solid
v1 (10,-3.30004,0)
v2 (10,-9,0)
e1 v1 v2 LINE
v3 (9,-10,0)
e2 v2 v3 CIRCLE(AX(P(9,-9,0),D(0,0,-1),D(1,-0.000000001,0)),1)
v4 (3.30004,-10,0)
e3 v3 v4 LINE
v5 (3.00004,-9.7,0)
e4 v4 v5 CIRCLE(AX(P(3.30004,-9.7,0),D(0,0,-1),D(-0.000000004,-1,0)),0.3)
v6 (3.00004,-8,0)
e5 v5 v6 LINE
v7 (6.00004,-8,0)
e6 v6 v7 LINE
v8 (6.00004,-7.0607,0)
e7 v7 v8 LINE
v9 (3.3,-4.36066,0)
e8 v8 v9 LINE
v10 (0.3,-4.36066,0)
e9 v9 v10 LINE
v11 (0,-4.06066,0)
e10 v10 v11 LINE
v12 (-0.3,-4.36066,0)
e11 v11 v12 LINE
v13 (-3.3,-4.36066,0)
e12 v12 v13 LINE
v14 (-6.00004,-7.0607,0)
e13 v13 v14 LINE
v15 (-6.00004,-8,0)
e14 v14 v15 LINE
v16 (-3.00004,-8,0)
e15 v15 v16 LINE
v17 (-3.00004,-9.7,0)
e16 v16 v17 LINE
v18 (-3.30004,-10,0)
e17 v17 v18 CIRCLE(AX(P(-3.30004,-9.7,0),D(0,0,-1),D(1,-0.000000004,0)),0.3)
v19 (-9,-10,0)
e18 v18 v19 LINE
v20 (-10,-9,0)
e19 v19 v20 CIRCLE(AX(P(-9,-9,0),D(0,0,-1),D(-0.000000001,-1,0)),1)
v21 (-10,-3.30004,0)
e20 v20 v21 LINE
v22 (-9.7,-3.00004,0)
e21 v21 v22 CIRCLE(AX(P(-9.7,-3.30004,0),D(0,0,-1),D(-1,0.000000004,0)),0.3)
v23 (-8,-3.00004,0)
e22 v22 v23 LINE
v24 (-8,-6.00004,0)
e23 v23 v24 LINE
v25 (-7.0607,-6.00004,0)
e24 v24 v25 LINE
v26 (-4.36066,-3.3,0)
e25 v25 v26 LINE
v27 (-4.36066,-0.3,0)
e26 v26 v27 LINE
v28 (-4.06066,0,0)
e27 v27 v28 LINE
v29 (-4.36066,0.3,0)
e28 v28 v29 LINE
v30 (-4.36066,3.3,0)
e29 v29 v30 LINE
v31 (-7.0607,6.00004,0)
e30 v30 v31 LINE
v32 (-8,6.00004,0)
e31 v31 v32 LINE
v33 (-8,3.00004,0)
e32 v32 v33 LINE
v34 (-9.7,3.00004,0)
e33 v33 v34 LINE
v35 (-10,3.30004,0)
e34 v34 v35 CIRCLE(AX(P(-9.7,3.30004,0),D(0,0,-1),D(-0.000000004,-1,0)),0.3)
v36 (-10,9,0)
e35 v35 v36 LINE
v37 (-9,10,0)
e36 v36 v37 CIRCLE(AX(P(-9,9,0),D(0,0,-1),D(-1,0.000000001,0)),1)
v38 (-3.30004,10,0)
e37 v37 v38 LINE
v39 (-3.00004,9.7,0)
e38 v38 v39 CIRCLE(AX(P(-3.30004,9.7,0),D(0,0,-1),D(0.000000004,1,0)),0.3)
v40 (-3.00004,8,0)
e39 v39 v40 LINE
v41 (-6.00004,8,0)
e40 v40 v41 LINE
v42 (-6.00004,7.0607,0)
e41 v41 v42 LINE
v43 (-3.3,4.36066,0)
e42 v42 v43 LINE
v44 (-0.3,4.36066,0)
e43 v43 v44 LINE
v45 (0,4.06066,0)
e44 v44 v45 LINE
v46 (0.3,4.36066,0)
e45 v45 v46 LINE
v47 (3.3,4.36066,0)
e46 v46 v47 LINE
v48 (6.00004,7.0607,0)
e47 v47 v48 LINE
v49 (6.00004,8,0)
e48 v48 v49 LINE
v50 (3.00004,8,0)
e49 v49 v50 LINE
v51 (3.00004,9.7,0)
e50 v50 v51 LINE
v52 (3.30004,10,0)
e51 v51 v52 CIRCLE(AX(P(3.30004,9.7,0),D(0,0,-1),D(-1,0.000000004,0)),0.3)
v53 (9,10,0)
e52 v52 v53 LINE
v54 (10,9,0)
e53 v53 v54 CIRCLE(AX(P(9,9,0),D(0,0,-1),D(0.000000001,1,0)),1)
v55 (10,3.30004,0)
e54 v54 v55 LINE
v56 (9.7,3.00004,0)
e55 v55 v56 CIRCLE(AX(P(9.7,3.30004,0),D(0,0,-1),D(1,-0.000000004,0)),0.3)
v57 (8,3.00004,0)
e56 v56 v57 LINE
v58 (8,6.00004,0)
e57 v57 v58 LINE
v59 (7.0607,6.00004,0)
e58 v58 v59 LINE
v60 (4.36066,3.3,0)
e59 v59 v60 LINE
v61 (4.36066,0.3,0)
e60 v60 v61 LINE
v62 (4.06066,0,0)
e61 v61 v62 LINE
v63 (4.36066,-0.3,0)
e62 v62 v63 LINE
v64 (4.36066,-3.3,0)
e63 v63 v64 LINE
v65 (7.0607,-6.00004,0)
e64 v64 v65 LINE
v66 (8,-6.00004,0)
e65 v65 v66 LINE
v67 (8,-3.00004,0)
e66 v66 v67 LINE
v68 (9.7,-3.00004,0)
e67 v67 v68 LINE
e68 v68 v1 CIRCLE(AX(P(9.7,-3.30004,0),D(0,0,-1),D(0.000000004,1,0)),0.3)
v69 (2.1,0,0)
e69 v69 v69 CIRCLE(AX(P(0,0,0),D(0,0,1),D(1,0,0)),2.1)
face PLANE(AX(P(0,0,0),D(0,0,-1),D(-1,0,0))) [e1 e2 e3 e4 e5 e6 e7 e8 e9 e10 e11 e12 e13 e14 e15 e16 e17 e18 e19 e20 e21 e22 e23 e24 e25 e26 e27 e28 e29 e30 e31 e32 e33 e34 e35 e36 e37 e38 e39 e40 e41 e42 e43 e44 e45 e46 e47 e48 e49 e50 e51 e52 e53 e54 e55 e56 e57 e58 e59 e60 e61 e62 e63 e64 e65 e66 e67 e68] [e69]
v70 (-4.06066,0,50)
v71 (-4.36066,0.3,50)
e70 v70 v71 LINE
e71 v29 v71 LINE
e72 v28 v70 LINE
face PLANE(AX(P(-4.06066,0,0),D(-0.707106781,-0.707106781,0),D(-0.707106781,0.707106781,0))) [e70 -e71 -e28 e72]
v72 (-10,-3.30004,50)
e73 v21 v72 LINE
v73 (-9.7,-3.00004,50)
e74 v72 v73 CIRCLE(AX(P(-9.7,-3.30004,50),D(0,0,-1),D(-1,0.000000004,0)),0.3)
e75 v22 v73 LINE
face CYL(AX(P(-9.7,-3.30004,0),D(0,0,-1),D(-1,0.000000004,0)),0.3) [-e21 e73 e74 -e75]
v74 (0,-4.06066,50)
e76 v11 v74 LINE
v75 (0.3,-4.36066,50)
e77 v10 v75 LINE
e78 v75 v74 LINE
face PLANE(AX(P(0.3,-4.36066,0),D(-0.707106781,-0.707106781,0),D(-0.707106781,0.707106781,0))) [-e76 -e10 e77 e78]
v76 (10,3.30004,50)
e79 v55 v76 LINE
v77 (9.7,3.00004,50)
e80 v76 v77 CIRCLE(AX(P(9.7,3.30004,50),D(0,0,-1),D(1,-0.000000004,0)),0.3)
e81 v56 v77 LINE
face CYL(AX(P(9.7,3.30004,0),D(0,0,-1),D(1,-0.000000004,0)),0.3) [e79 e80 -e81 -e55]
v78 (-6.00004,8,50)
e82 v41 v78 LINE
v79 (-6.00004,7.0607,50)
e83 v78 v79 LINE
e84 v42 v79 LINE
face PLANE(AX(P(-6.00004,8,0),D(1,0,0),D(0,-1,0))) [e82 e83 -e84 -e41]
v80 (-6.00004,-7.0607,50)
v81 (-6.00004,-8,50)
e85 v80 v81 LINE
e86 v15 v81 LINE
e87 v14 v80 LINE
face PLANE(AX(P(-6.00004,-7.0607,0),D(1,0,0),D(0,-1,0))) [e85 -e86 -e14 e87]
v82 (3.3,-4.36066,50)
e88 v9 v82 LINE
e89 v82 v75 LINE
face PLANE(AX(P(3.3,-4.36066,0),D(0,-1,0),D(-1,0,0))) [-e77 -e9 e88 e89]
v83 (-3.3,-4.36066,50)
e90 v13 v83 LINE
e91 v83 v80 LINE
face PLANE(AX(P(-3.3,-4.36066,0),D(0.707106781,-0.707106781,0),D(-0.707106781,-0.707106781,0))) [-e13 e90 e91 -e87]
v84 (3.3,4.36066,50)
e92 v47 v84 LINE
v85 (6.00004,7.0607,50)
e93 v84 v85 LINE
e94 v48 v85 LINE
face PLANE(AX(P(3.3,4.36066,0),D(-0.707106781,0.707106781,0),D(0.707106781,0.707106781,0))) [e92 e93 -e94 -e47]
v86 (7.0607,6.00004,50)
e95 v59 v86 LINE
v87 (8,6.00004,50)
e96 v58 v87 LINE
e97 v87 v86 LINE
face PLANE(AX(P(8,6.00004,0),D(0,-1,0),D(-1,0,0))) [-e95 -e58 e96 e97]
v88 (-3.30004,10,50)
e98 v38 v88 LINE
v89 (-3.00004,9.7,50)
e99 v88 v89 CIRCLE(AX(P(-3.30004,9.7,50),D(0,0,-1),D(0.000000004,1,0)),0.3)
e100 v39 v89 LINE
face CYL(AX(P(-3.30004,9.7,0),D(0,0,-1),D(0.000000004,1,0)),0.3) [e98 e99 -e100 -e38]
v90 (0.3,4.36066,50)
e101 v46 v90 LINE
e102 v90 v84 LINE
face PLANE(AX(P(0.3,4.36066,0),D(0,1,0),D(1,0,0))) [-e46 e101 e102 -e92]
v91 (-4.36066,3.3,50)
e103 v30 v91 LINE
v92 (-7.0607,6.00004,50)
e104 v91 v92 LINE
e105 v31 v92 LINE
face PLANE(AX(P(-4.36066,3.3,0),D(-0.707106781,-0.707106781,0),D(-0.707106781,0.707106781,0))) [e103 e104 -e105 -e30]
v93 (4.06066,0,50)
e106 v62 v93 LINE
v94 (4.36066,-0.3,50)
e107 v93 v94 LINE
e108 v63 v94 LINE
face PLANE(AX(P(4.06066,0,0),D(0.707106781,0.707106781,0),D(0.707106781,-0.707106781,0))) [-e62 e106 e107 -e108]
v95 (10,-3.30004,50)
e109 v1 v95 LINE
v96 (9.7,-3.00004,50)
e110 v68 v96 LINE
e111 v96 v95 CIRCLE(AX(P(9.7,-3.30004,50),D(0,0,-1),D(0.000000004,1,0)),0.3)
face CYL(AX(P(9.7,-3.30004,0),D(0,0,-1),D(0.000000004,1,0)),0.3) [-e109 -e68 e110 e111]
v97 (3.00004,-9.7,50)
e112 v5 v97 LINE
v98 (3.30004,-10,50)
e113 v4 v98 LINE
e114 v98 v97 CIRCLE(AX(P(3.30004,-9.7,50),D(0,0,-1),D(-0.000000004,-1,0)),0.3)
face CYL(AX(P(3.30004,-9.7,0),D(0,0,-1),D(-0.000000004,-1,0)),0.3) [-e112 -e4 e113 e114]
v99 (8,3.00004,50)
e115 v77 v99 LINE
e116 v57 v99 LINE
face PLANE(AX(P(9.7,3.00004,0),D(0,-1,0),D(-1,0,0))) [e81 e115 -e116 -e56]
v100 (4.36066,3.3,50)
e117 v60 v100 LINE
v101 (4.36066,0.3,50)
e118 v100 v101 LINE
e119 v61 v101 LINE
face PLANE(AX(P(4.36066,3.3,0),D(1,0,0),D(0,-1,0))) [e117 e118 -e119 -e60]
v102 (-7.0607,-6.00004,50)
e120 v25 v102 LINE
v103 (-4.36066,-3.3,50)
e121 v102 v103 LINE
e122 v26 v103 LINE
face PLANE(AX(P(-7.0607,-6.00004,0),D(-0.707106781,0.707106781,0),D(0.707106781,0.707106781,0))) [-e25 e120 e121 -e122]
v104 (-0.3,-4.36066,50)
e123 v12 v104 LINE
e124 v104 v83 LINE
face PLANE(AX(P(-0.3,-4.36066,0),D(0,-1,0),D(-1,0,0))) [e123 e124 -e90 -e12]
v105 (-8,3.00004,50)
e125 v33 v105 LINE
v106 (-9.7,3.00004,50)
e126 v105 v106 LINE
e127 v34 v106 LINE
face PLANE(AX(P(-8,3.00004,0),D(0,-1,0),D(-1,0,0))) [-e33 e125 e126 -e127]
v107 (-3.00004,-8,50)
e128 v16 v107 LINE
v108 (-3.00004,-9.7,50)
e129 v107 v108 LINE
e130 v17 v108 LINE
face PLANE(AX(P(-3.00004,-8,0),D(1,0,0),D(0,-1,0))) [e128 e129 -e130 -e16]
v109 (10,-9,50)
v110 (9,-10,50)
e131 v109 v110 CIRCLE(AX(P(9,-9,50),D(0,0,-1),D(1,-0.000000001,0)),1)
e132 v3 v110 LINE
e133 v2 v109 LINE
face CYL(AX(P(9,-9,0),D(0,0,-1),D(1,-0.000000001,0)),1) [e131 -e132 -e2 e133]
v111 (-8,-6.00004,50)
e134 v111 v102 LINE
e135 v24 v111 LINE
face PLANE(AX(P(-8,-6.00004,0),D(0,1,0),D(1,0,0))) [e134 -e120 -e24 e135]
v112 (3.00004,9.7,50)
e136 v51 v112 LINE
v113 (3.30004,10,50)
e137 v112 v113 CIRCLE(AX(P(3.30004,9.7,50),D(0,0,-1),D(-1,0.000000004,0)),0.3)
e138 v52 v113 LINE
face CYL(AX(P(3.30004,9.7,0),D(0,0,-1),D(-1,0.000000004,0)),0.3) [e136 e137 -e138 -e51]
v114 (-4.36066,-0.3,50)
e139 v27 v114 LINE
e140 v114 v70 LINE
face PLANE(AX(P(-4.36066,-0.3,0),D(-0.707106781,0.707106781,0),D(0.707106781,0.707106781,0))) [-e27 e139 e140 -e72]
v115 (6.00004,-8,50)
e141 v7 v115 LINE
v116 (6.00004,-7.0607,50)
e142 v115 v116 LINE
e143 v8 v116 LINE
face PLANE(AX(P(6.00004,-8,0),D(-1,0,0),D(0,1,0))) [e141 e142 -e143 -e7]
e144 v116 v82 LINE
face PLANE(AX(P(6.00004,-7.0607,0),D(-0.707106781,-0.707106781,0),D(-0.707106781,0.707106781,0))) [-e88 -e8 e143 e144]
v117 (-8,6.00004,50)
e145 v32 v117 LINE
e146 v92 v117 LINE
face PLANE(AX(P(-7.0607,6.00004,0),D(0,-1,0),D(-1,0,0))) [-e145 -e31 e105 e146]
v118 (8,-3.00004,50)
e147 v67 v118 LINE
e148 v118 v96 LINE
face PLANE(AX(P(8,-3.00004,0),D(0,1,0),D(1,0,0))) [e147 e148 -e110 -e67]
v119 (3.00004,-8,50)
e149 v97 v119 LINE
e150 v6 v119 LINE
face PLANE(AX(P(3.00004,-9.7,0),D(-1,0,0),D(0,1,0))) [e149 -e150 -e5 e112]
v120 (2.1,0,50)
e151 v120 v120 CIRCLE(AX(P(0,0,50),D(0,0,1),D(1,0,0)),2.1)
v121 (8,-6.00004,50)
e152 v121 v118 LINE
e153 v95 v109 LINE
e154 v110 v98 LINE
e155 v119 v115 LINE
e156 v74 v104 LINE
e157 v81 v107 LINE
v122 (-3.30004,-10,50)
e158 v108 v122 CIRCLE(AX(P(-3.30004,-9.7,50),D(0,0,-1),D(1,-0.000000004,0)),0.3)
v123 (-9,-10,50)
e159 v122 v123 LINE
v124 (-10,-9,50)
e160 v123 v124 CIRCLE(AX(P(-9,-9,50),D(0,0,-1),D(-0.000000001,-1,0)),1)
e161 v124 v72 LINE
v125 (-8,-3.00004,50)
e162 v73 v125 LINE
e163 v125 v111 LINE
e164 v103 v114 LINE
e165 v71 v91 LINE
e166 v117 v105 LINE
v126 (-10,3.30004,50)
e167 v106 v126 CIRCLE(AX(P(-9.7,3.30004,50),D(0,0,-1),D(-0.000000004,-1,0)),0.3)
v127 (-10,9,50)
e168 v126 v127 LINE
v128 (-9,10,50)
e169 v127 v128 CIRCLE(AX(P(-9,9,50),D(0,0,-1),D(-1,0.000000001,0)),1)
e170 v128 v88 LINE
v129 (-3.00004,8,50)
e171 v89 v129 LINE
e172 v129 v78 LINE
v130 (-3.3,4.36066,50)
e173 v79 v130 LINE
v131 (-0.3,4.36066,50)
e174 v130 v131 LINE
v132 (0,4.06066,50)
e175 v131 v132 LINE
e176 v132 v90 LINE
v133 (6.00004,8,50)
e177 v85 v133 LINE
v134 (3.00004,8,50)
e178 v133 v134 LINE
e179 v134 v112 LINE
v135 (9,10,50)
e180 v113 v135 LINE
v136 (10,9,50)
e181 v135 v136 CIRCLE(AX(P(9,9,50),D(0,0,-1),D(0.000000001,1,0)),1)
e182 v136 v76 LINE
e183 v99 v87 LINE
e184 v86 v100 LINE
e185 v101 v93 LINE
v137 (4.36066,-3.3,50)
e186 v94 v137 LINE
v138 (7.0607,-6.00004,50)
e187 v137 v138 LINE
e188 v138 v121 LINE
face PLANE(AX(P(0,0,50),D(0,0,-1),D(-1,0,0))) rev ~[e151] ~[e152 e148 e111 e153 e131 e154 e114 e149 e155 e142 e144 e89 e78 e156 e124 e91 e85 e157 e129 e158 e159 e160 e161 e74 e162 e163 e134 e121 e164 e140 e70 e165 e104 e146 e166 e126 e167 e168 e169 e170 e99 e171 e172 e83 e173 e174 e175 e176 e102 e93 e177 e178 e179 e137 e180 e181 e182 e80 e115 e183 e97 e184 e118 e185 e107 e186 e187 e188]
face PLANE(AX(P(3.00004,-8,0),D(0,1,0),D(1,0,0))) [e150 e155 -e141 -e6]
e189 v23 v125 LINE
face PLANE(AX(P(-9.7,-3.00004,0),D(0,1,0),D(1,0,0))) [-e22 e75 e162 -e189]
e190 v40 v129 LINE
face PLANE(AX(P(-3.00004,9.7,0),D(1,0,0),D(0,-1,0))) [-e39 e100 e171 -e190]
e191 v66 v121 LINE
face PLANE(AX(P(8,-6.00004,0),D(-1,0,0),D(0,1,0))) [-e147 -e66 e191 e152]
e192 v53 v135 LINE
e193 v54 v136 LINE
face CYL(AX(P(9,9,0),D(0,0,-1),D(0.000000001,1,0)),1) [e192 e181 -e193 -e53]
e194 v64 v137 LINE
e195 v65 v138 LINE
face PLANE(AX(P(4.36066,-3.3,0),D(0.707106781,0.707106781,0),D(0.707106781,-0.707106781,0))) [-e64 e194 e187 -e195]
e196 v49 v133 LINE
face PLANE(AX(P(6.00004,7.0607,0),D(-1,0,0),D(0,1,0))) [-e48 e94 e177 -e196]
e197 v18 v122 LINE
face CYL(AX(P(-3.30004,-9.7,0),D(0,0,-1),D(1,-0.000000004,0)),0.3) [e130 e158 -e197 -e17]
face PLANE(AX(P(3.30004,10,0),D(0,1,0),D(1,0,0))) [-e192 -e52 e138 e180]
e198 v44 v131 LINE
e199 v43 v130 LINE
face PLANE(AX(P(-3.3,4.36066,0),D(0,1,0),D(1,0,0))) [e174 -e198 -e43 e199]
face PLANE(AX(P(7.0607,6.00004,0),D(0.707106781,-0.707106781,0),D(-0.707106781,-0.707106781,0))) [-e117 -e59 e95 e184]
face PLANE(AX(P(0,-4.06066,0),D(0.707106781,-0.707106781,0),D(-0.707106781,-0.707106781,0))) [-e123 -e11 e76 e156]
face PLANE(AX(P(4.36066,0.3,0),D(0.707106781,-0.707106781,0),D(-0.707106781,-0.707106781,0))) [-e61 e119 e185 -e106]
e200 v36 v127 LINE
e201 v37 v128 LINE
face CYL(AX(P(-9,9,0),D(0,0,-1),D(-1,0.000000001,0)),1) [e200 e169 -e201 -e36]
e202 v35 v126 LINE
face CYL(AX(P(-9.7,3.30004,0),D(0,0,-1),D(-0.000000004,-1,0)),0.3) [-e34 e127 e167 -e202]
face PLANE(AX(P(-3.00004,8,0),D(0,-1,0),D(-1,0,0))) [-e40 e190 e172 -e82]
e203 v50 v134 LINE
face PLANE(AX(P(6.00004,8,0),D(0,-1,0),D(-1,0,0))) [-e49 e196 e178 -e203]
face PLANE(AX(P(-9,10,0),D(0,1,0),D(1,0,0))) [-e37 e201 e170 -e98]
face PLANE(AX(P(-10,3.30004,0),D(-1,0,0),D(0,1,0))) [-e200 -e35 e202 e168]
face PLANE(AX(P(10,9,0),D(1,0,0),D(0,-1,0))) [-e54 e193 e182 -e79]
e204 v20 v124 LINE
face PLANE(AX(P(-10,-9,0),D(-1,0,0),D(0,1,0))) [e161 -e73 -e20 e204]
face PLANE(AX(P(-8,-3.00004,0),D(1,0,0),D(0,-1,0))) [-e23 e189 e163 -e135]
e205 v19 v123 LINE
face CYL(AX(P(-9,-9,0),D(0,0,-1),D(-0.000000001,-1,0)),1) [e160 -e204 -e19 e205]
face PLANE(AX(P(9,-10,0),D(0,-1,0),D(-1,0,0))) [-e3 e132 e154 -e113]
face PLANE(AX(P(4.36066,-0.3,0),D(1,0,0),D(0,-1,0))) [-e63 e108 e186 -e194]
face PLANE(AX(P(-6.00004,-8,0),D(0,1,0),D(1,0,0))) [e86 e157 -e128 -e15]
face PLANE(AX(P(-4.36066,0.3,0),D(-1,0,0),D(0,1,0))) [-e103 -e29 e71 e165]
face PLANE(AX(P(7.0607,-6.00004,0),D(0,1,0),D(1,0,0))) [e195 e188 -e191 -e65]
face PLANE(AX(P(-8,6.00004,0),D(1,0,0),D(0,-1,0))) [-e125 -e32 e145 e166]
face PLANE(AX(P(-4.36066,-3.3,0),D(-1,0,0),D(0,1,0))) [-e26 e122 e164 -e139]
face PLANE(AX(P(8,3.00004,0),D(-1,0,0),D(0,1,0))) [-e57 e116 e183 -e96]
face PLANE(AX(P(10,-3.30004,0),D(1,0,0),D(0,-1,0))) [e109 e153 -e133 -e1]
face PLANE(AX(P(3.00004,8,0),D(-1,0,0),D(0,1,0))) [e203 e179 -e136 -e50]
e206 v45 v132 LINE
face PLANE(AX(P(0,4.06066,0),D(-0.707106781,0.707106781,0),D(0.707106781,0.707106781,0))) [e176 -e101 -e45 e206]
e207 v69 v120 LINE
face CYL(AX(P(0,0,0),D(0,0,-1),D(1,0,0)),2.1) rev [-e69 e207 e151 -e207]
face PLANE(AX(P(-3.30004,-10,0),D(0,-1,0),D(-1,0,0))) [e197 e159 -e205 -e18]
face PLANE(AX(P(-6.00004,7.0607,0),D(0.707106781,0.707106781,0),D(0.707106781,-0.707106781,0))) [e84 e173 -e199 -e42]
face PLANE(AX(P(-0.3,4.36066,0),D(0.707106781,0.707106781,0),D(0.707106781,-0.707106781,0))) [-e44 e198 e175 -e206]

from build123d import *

# Parameters (mm, degrees)
SKETCH1_R           = 2.1
BOSS_EXTRUDE1_DEPTH = 50


with BuildPart() as part:
    # Sketch1 → Boss-Extrude1 (new body)
    with BuildSketch(Plane.XY):
        with BuildLine():
            Line((3.3, 4.360660172), (6.000039828, 7.0607))
            Line((6.000039828, 7.0607), (6.000039828, 8))
            Line((6.000039828, 8), (3.000039828, 8))
            Line((3.000039828, 8), (3.000039828, 9.7))
            ThreePointArc((3.000039828, 9.7), (3.087907794, 9.912132034), (3.300039828, 10))
            Line((3.300039828, 10), (9, 10))
            ThreePointArc((9, 10), (9.707106781, 9.707106781), (10, 9))
            Line((10, 9), (10, 3.300039828))
            ThreePointArc((10, 3.300039828), (9.912132034, 3.087907794), (9.7, 3.000039828))
            Line((9.7, 3.000039828), (8, 3.000039828))
            Line((8, 3.000039828), (8, 6.000039828))
            Line((8, 6.000039828), (7.0607, 6.000039828))
            Line((7.0607, 6.000039828), (4.360660172, 3.3))
            Line((4.360660172, 3.3), (4.360660172, 0.3))
            Line((4.360660172, 0.3), (4.060660172, 0))
            Line((4.060660172, 0), (4.360660172, -0.3))
            Line((4.360660172, -0.3), (4.360660172, -3.3))
            Line((4.360660172, -3.3), (7.0607, -6.000039828))
            Line((7.0607, -6.000039828), (8, -6.000039828))
            Line((8, -6.000039828), (8, -3.000039828))
            Line((8, -3.000039828), (9.7, -3.000039828))
            ThreePointArc((9.7, -3.000039828), (9.912132034, -3.087907794), (10, -3.300039828))
            Line((10, -3.300039828), (10, -9))
            ThreePointArc((10, -9), (9.707106781, -9.707106781), (9, -10))
            Line((9, -10), (3.300039828, -10))
            ThreePointArc((3.300039828, -10), (3.087907794, -9.912132034), (3.000039828, -9.7))
            Line((3.000039828, -9.7), (3.000039828, -8))
            Line((3.000039828, -8), (6.000039828, -8))
            Line((6.000039828, -8), (6.000039828, -7.0607))
            Line((6.000039828, -7.0607), (3.3, -4.360660172))
            Line((3.3, -4.360660172), (0.3, -4.360660172))
            Line((0.3, -4.360660172), (0, -4.060660172))
            Line((0, -4.060660172), (-0.3, -4.360660172))
            Line((-0.3, -4.360660172), (-3.3, -4.360660172))
            Line((-3.3, -4.360660172), (-6.000039828, -7.0607))
            Line((-6.000039828, -7.0607), (-6.000039828, -8))
            Line((-6.000039828, -8), (-3.000039828, -8))
            Line((-3.000039828, -8), (-3.000039828, -9.7))
            ThreePointArc((-3.000039828, -9.7), (-3.087907794, -9.912132034), (-3.300039828, -10))
            Line((-3.300039828, -10), (-9, -10))
            ThreePointArc((-9, -10), (-9.707106781, -9.707106781), (-10, -9))
            Line((-10, -9), (-10, -3.300039828))
            ThreePointArc((-10, -3.300039828), (-9.912132034, -3.087907794), (-9.7, -3.000039828))
            Line((-9.7, -3.000039828), (-8, -3.000039828))
            Line((-8, -3.000039828), (-8, -6.000039828))
            Line((-8, -6.000039828), (-7.0607, -6.000039828))
            Line((-7.0607, -6.000039828), (-4.360660172, -3.3))
            Line((-4.360660172, -3.3), (-4.360660172, -0.3))
            Line((-4.360660172, -0.3), (-4.060660172, 0))
            Line((-4.060660172, 0), (-4.360660172, 0.3))
            Line((-4.360660172, 0.3), (-4.360660172, 3.3))
            Line((-4.360660172, 3.3), (-7.0607, 6.000039828))
            Line((-7.0607, 6.000039828), (-8, 6.000039828))
            Line((-8, 6.000039828), (-8, 3.000039828))
            Line((-8, 3.000039828), (-9.7, 3.000039828))
            ThreePointArc((-9.7, 3.000039828), (-9.912132034, 3.087907794), (-10, 3.300039828))
            Line((-10, 3.300039828), (-10, 9))
            ThreePointArc((-10, 9), (-9.707106781, 9.707106781), (-9, 10))
            Line((-9, 10), (-3.300039828, 10))
            ThreePointArc((-3.300039828, 10), (-3.087907794, 9.912132034), (-3.000039828, 9.7))
            Line((-3.000039828, 9.7), (-3.000039828, 8))
            Line((-3.000039828, 8), (-6.000039828, 8))
            Line((-6.000039828, 8), (-6.000039828, 7.0607))
            Line((-6.000039828, 7.0607), (-3.3, 4.360660172))
            Line((-3.3, 4.360660172), (-0.3, 4.360660172))
            Line((-0.3, 4.360660172), (0, 4.060660172))
            Line((0, 4.060660172), (0.3, 4.360660172))
            Line((0.3, 4.360660172), (3.3, 4.360660172))
        make_face()
        Circle(SKETCH1_R, mode=Mode.SUBTRACT)
    extrude(amount=BOSS_EXTRUDE1_DEPTH)


solid = part.part
